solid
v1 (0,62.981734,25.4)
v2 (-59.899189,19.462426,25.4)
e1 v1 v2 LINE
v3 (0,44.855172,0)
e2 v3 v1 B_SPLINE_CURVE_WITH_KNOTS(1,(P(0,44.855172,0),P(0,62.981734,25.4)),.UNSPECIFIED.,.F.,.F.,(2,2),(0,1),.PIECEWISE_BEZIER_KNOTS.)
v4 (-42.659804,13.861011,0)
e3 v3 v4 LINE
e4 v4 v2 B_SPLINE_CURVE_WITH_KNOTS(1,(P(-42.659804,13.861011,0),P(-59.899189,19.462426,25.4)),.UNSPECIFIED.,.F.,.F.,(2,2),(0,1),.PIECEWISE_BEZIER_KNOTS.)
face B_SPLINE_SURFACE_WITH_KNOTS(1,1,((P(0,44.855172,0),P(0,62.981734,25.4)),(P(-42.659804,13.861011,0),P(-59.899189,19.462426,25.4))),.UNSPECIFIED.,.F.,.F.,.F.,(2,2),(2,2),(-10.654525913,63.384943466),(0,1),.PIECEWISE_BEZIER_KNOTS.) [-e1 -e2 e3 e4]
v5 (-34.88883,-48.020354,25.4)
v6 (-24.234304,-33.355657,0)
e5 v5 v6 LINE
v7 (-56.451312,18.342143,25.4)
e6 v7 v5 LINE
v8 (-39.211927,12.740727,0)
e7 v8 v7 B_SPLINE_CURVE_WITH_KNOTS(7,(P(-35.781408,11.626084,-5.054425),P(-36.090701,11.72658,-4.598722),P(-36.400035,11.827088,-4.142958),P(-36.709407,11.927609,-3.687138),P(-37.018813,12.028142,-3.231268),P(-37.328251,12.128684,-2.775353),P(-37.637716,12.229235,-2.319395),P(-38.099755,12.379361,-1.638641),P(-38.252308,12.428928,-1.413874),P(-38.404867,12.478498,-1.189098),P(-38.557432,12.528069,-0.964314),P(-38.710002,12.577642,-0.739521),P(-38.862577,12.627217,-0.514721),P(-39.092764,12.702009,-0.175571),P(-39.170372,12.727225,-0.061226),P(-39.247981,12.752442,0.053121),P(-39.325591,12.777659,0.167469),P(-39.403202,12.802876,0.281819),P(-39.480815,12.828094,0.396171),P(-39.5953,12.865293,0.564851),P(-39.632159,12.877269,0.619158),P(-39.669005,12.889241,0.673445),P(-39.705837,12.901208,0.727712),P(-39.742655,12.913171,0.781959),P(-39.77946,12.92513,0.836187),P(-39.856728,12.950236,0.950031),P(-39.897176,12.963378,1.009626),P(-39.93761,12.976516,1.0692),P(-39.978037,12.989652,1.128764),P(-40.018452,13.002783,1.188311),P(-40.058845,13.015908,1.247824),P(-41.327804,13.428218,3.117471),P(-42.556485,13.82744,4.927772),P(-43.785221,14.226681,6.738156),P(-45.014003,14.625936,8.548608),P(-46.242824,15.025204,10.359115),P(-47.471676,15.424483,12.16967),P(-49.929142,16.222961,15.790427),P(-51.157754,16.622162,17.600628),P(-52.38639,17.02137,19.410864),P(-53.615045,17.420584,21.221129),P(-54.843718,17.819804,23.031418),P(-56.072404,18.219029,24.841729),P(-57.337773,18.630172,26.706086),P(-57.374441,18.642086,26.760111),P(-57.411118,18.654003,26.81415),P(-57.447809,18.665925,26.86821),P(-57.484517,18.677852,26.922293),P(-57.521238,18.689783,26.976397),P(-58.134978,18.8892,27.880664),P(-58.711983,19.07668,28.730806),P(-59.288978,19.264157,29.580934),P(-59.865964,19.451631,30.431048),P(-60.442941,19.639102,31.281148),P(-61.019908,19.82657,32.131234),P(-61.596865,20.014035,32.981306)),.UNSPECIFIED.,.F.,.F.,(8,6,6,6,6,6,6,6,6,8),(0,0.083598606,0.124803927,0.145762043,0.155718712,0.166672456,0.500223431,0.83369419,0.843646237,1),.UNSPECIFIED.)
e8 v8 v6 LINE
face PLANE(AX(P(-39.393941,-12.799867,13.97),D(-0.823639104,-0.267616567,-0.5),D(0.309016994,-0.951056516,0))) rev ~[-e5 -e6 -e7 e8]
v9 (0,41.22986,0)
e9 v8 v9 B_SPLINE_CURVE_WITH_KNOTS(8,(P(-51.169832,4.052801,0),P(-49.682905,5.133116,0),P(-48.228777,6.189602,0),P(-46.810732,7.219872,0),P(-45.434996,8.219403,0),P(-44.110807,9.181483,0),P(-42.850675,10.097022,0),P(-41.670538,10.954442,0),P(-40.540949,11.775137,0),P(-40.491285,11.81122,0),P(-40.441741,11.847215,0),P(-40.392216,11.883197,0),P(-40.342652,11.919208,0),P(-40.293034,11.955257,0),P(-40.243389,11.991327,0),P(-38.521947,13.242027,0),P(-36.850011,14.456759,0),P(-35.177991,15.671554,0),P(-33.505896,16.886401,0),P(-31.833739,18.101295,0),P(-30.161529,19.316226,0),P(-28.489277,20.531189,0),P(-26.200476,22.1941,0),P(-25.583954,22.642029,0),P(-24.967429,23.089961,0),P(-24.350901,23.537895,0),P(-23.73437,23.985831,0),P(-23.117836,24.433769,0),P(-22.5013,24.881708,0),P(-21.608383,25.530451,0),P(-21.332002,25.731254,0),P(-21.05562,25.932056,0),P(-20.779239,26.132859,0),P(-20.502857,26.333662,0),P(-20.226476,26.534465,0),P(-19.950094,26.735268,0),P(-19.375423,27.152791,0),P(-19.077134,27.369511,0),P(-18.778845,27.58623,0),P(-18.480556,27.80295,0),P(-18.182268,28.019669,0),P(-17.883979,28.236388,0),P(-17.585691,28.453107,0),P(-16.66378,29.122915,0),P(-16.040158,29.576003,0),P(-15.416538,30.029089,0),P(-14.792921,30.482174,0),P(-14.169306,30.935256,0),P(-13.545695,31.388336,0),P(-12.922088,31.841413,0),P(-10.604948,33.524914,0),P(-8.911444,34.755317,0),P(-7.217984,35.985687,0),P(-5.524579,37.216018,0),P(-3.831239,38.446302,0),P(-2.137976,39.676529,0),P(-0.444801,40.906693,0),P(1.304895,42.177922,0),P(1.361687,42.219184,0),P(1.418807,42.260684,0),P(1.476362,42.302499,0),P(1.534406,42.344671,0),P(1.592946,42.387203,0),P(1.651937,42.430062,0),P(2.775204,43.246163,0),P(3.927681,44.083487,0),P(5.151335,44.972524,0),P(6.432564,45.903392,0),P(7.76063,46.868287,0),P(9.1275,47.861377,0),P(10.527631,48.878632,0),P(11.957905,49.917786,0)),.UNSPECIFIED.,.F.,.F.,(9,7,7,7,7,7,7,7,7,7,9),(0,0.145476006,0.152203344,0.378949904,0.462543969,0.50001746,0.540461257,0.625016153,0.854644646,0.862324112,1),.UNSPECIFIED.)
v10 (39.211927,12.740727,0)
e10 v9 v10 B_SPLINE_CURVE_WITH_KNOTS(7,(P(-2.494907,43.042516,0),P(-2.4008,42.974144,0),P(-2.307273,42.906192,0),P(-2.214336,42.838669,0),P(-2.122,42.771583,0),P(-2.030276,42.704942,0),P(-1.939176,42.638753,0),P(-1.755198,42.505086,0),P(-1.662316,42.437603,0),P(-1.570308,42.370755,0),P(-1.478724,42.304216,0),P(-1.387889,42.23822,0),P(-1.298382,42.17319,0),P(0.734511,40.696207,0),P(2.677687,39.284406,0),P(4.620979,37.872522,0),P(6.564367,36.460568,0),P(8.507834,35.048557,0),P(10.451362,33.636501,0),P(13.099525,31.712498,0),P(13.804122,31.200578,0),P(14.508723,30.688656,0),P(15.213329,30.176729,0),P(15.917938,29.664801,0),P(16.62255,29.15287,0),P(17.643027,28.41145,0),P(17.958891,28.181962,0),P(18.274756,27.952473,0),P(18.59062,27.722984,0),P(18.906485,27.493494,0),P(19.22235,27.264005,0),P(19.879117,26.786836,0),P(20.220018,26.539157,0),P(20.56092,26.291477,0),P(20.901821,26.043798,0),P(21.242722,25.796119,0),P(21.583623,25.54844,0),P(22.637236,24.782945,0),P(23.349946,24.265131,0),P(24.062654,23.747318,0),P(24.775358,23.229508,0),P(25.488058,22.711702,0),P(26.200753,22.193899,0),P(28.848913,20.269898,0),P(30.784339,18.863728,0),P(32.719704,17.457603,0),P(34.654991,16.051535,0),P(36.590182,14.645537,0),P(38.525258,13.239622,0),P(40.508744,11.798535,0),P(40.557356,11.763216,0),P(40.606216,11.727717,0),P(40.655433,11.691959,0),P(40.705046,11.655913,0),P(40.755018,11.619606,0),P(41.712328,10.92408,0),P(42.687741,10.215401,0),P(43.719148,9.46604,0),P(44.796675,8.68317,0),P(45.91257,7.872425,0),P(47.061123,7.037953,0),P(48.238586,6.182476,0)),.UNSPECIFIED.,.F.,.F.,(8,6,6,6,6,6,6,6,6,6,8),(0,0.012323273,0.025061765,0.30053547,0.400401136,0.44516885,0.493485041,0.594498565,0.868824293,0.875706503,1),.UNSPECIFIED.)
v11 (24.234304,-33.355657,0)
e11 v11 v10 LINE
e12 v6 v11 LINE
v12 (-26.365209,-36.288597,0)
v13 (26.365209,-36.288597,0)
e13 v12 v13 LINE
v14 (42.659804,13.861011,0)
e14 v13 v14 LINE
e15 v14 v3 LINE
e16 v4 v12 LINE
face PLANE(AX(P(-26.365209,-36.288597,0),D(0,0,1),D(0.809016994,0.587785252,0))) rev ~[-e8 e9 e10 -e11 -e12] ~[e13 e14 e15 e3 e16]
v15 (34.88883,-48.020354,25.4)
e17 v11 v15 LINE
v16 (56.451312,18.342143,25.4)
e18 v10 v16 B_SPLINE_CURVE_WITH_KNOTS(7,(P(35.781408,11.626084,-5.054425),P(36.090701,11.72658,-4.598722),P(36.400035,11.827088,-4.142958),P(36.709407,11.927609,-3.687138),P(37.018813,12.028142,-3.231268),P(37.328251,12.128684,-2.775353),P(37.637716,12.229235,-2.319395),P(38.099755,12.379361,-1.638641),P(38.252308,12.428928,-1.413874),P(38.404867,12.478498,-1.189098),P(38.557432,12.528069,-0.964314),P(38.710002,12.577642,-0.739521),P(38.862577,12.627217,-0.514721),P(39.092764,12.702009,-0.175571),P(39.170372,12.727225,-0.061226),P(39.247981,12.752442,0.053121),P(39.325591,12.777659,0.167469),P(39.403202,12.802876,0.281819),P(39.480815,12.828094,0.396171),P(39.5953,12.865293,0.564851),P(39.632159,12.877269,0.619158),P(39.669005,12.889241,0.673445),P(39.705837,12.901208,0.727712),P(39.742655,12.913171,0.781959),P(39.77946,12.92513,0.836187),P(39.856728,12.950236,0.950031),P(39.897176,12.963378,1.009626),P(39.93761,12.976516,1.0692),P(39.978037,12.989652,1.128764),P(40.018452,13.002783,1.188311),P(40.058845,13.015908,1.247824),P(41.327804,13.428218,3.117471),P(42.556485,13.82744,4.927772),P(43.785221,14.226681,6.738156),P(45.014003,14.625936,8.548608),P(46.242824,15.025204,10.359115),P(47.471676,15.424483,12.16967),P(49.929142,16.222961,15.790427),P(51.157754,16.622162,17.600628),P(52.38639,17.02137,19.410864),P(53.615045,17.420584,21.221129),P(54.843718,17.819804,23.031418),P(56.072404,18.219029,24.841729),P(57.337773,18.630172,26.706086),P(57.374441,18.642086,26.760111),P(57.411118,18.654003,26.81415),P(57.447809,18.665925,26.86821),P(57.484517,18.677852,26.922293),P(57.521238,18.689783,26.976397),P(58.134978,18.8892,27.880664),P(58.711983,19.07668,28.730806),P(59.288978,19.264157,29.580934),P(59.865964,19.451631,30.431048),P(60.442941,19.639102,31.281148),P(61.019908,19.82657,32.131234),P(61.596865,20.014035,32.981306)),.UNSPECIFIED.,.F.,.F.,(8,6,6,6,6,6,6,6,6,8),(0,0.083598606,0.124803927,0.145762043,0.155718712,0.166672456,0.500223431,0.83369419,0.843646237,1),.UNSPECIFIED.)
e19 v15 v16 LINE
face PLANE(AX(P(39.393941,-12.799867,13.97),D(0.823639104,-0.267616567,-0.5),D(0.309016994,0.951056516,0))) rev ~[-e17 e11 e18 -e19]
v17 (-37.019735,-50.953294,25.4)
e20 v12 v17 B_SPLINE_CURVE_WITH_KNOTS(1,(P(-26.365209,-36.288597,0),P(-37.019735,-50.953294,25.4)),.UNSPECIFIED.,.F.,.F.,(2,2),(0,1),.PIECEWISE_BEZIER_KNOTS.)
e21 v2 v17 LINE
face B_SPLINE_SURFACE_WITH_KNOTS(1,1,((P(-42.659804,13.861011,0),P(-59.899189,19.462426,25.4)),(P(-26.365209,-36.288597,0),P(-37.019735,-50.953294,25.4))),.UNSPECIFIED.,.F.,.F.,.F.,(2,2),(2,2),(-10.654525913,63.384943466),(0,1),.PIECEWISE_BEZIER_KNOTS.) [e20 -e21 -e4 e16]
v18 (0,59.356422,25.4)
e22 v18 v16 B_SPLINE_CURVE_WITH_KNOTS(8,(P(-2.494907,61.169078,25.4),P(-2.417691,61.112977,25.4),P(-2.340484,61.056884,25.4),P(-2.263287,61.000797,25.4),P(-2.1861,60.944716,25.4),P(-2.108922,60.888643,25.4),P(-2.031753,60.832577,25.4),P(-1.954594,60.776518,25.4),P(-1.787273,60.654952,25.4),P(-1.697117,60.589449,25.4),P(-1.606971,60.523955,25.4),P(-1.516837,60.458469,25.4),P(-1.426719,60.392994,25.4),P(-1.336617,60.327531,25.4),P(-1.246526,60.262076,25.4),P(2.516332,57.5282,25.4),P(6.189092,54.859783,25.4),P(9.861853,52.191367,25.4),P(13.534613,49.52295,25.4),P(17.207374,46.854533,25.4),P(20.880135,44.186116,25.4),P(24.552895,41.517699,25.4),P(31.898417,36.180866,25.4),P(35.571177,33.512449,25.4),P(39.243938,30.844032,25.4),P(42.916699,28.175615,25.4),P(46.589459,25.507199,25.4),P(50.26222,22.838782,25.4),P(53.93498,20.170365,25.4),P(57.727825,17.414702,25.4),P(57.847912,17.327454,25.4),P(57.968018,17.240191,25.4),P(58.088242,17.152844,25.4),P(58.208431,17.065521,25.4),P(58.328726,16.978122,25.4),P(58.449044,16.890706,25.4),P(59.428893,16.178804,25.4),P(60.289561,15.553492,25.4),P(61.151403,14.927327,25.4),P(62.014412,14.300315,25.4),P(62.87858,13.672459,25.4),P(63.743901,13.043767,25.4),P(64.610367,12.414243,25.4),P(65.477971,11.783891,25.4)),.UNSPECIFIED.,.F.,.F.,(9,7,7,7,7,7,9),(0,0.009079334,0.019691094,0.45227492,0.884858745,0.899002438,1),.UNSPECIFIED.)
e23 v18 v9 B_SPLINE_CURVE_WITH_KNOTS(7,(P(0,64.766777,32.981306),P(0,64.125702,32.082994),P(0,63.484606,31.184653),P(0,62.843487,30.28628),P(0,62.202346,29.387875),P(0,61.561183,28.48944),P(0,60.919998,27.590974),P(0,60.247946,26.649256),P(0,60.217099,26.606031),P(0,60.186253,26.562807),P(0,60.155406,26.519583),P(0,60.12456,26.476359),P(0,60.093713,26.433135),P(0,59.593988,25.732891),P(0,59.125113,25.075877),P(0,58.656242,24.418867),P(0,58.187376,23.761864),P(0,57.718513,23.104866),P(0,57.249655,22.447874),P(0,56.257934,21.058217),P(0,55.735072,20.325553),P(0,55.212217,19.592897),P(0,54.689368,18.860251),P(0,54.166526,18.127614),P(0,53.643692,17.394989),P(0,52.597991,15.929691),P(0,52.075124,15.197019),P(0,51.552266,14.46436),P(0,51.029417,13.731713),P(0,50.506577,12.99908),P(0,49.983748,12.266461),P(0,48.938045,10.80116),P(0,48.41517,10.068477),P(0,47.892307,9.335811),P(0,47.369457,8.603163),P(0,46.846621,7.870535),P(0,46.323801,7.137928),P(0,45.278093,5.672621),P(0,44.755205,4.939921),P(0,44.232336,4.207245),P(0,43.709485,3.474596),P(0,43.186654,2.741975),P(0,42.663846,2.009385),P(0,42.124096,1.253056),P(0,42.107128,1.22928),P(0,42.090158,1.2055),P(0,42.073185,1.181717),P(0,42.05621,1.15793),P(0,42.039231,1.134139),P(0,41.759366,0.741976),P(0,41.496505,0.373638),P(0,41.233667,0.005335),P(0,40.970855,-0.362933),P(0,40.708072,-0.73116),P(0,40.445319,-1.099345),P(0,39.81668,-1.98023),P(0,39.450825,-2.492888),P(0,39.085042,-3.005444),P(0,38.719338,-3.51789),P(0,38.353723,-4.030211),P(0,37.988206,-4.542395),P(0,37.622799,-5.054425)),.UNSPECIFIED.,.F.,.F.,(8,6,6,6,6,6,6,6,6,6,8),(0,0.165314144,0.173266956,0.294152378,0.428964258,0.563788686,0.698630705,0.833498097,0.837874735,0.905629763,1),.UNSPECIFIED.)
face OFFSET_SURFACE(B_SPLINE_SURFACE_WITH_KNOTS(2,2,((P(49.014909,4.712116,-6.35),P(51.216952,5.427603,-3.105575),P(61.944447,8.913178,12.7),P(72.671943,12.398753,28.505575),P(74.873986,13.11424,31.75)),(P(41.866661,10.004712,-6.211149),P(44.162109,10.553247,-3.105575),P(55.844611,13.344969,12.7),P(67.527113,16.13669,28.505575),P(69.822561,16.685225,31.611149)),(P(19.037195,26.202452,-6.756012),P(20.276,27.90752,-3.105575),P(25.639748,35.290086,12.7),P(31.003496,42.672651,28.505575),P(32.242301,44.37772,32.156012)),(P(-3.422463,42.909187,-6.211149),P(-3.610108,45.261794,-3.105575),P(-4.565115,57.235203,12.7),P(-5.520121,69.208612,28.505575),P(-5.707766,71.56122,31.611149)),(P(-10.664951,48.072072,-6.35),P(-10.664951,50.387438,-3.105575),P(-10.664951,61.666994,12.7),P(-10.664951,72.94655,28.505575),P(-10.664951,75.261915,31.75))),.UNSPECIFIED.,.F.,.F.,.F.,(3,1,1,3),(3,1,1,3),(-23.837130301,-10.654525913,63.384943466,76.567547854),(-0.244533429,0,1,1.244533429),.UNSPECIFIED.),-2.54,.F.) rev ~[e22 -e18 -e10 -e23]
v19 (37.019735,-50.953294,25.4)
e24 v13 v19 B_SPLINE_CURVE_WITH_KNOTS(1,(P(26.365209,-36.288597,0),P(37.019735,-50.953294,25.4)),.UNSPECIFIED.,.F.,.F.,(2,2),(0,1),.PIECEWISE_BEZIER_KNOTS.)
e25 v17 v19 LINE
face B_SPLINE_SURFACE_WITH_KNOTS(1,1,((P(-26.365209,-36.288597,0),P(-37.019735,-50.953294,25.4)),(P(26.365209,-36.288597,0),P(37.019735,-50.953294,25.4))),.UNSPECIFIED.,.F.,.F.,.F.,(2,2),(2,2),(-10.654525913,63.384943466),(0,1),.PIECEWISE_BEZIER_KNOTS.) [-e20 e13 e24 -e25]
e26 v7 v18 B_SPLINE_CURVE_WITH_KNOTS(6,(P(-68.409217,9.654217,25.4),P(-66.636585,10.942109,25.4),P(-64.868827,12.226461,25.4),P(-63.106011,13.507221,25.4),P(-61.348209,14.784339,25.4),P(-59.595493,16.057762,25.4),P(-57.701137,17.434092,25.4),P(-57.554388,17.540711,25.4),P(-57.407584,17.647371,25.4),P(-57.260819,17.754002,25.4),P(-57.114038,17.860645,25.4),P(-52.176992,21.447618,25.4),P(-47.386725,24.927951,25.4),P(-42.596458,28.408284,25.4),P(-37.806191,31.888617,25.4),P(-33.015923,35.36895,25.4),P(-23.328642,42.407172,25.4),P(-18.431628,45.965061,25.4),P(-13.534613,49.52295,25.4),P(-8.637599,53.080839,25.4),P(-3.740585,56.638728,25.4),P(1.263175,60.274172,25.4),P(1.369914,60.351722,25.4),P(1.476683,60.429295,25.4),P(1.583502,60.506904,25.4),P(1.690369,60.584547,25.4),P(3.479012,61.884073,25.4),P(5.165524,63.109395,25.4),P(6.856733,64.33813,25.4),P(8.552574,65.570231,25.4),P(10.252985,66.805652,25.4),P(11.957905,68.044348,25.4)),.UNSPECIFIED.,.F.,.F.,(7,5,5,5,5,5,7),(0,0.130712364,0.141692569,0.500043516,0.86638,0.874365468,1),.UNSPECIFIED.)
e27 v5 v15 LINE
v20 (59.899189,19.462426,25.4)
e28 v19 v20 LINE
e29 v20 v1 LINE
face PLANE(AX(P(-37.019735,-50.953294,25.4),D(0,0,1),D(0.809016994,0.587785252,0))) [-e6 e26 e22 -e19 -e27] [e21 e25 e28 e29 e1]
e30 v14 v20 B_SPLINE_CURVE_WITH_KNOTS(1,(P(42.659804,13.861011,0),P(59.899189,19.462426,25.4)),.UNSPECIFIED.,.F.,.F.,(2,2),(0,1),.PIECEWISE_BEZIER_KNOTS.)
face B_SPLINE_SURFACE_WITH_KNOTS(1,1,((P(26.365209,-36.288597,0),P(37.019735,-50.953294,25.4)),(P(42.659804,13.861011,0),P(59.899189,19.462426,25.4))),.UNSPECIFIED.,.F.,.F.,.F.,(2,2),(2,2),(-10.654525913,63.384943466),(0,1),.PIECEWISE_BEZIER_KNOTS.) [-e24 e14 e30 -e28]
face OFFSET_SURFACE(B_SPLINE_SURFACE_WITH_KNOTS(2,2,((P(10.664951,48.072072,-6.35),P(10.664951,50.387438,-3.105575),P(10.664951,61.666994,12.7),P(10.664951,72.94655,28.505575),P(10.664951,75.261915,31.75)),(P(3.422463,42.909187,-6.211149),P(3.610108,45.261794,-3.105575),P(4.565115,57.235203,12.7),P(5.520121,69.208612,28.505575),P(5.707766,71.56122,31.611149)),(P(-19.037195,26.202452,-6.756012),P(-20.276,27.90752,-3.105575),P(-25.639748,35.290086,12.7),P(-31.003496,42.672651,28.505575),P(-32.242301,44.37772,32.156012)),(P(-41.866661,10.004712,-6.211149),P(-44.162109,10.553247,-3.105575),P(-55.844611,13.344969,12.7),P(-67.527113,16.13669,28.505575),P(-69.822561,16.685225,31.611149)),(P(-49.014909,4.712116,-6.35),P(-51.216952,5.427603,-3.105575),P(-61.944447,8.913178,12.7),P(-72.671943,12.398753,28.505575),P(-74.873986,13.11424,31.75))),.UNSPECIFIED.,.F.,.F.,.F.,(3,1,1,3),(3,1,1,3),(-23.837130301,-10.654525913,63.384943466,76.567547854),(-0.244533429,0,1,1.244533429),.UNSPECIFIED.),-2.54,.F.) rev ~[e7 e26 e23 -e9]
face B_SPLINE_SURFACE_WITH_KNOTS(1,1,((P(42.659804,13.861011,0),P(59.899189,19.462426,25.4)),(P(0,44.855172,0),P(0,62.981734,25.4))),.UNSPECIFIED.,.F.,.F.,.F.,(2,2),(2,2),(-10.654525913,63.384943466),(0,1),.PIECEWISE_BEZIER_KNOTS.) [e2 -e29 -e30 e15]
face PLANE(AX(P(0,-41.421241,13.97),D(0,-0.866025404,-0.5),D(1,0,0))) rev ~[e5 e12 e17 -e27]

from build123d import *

# Parameters (mm, degrees)
F1_DEPTH = 25.4
F1_TAPER = -30
F2_T     = -2.54


with BuildPart() as f1:
    # F0 (on Top) → F1 (new body)
    with BuildSketch(Plane.XY):
        Polygon((-26.3652087767, -36.2885966897), (26.3652087767, -36.2885966897), (42.6598039212, 13.8610105314), (0, 44.8551723165), (-42.6598039212, 13.8610105314), align=None)
    extrude(amount=F1_DEPTH, taper=F1_TAPER)

    # F2
    f2_openings = [f1.faces().sort_by_distance(p)[0] for p in [
        (0, 0, 25.4),
        (0, 0, 0),
    ]]
    offset(amount=F2_T, openings=f2_openings, kind=Kind.INTERSECTION)


solid = f1.part
